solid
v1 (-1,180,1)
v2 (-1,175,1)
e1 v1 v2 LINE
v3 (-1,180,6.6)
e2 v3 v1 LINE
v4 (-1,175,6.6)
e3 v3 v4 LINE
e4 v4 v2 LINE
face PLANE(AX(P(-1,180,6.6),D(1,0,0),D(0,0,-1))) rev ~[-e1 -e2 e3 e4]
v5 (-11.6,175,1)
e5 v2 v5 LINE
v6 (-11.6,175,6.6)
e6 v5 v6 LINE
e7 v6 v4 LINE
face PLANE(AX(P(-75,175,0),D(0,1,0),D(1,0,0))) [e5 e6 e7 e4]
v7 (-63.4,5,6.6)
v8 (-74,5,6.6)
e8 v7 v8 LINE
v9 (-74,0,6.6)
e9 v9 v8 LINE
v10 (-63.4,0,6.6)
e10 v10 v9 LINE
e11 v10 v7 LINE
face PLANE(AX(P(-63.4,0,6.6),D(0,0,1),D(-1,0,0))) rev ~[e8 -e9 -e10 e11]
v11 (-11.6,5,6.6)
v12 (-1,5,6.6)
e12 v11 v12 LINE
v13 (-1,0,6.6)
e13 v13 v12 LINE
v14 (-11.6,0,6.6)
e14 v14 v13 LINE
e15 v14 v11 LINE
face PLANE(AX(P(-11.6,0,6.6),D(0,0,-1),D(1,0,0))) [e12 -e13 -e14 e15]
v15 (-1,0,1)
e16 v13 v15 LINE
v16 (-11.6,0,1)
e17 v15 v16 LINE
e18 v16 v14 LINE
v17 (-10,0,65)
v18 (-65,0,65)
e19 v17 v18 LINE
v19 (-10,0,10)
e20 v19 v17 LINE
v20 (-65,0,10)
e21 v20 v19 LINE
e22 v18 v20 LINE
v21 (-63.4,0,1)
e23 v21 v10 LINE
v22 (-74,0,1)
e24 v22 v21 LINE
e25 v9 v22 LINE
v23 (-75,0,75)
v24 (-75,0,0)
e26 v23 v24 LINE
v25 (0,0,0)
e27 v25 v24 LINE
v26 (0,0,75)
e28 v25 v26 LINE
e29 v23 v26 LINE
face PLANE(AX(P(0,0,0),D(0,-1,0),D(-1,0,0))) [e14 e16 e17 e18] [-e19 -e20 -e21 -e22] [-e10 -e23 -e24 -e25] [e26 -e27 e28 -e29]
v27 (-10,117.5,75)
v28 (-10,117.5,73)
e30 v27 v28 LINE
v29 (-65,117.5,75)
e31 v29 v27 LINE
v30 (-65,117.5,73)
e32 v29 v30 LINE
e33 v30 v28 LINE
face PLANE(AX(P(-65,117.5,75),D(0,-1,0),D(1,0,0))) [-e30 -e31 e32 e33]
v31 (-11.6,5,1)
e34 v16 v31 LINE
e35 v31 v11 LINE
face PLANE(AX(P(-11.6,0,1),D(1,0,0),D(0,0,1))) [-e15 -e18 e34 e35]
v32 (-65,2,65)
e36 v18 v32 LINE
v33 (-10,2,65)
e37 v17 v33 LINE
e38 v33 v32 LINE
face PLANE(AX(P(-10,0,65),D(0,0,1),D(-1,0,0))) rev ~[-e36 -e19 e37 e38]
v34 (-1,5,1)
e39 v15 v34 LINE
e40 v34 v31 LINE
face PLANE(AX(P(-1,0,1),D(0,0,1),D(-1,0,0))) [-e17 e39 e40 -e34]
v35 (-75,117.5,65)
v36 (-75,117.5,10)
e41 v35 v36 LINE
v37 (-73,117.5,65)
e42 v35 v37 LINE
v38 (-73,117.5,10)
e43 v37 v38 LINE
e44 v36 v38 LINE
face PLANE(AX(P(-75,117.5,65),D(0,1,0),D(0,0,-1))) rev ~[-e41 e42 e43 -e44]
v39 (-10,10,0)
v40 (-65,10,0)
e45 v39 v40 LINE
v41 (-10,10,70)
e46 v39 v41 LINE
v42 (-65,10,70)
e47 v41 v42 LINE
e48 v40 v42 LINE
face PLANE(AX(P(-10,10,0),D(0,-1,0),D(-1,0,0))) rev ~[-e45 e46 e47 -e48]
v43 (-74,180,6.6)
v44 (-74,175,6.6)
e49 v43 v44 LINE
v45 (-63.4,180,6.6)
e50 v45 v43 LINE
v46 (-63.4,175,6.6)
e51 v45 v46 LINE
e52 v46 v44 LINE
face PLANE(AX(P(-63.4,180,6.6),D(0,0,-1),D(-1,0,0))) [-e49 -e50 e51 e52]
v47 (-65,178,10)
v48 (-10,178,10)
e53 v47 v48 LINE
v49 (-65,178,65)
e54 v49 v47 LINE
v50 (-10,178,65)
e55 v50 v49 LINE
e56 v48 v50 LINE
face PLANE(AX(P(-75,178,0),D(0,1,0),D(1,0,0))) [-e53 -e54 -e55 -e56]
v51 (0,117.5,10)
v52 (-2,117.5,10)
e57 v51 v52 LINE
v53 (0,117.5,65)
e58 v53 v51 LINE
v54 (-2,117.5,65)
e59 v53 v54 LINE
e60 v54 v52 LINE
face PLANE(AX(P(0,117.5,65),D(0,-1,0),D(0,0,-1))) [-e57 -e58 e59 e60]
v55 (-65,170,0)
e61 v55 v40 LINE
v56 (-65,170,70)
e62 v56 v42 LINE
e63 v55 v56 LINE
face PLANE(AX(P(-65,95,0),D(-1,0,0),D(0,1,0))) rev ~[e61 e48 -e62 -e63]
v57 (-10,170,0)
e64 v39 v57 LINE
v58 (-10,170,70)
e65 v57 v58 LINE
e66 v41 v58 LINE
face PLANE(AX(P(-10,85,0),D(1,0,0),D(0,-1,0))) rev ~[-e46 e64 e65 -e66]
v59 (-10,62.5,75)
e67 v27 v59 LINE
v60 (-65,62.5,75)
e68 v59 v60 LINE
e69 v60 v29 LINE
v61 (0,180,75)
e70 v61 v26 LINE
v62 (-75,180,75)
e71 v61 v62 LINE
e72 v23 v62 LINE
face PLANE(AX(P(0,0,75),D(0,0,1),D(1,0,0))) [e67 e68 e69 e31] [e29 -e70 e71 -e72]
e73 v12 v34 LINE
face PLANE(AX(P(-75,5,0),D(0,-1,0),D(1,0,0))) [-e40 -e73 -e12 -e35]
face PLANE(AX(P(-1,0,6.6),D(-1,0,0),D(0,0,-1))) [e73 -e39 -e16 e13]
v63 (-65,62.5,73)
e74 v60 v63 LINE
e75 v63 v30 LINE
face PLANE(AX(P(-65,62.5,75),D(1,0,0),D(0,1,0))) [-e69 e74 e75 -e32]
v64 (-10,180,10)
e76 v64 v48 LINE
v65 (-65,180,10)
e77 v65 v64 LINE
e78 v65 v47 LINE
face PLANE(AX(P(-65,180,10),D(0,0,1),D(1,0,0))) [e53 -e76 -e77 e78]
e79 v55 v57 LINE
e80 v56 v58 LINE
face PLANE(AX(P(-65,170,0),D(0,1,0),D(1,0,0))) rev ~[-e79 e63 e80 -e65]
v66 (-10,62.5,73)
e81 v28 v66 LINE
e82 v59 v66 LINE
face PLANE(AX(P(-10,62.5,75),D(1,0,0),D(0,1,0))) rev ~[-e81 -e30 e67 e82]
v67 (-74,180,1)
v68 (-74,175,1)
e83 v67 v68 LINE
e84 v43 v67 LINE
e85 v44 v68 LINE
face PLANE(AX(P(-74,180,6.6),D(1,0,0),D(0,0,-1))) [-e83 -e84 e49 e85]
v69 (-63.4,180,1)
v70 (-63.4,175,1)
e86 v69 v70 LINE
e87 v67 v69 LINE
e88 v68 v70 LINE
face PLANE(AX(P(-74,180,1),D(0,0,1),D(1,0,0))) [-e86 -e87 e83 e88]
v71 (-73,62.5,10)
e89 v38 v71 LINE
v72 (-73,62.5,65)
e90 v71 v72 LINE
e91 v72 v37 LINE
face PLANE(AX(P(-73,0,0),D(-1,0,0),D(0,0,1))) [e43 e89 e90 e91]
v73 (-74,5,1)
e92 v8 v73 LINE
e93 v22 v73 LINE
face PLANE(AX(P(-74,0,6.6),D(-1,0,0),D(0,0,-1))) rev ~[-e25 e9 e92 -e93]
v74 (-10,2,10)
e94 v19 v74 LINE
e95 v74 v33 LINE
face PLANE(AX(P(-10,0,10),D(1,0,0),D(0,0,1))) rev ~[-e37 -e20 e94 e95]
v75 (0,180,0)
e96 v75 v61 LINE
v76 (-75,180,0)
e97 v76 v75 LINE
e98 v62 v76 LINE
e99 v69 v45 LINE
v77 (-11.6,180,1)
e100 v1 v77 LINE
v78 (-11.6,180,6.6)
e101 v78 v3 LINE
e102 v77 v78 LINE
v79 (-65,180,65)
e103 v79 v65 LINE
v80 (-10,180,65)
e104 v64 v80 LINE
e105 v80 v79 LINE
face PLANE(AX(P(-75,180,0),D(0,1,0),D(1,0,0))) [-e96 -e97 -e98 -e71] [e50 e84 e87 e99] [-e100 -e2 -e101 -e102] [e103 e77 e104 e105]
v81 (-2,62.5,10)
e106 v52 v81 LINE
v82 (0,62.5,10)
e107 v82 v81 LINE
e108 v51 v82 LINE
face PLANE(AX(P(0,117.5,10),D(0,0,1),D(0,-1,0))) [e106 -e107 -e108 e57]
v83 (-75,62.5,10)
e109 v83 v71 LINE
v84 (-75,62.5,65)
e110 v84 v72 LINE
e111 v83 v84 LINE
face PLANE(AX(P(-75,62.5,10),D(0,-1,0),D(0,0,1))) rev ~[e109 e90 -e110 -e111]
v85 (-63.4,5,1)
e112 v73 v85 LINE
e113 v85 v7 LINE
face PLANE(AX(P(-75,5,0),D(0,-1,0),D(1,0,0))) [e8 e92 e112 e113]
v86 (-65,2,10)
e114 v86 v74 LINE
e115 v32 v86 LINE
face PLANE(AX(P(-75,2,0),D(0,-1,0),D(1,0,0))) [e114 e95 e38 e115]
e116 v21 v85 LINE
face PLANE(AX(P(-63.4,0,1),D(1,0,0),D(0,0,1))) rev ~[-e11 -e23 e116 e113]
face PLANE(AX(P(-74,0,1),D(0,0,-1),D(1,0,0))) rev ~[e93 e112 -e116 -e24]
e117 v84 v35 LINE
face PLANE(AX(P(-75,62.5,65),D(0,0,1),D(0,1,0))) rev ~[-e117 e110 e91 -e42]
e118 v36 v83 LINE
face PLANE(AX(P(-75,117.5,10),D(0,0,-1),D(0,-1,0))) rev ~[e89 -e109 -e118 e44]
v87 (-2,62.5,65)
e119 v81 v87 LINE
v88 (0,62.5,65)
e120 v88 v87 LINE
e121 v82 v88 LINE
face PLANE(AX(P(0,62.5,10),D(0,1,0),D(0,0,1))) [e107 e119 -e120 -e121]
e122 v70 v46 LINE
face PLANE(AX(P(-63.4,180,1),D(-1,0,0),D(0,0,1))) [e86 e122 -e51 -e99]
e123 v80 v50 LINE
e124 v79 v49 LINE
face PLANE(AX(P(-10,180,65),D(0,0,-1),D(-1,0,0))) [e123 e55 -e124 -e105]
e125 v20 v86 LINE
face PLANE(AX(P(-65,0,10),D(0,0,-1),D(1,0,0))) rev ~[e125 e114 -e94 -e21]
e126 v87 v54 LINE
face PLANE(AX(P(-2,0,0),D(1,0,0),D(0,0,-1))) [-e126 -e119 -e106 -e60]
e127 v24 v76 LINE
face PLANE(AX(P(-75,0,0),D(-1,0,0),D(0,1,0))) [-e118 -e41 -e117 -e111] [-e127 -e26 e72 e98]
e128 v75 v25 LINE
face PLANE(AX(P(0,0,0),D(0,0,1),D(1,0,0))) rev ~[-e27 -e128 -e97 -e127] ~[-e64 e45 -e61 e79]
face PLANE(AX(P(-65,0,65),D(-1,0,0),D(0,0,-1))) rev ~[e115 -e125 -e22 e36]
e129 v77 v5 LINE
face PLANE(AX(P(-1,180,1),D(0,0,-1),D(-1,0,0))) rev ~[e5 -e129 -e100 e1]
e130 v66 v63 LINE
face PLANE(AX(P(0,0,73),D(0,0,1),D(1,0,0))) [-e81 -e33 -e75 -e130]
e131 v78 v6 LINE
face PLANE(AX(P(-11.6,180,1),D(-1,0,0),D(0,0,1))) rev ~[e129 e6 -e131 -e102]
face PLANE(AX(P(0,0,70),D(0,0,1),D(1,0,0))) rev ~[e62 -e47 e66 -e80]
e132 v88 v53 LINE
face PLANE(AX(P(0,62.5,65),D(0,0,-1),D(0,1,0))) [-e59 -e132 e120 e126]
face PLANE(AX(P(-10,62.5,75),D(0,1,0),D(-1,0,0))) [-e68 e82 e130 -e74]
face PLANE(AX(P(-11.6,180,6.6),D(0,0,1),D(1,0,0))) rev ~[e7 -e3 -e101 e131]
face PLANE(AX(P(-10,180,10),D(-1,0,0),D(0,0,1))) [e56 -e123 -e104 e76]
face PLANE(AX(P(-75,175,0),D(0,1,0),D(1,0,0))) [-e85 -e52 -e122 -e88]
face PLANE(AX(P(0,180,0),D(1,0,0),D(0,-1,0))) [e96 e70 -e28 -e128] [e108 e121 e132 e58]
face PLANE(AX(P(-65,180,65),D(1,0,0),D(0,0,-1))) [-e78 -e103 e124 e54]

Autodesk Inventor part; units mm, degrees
ref_plane "YZ Plane" through (0, 0, 0) normal (1, 0, 0) x (0, 1, 0)
ref_plane "XZ Plane" through (0, 0, 0) normal (0, 1, 0) x (-1, 0, 0)
ref_plane "XY Plane" through (0, 0, 0) normal (0, 0, 1) x (1, 0, 0)
sketch "Sketch1" plane through (0, 0, 0) normal (0, 0, 1) x (1, 0, 0)
  line L0 (0, 0) -> (-75, 0)
  line L1 (-75, 0) -> (-75, 180)
  line L2 (-75, 180) -> (0, 180)
  line L3 (0, 180) -> (0, 0)
  line L4 (-65, 170) -> (-10, 170)
  line L5 (-10, 10) -> (-65, 10)
  line L6 (-65, 10) -> (-65, 85)
  line L7 (-65, 95) -> (-65, 170)
  line L8 (-10, 170) -> (-10, 95)
  line L9 (-10, 85) -> (-10, 10)
  line L10 (-65, 85) -> (-65, 95)
  line L11 (-10, 95) -> (-10, 85)
  point P0 (-65, 90)
  point P1 (-10, 90)
  dimension "d35" = 75
  dimension "d36" = 180
  dimension "d37" = 55
  dimension "d38" = 160
extrude "Extrusion7" add sketch "Sketch1" along normal blind 70
sketch "Sketch4" plane through (0, 0, 70) normal (0, 0, 1) x (1, 0, 0)
  line L0 (-75, 0) -> (0, 0) projected
  line L1 (0, 180) -> (-75, 180) projected
  line L2 (0, 0) -> (-75, 0)
  line L3 (-75, 0) -> (-75, 180)
  line L4 (-75, 180) -> (0, 180)
  line L5 (0, 180) -> (0, 0)
extrude "Extrusion8" add sketch "Sketch4" along normal blind 5
sketch "Sketch5" plane through (0, 0, 75) normal (0, 0, 1) x (1, 0, 0)
  line L0 (-65, 85) -> (-65, 95)
  line L1 (-10, 95) -> (-10, 85)
  line L2 (-10, 62.5) -> (-10, 90)
  line L3 (-10, 62.5) -> (-65, 62.5)
  line L4 (-65, 62.5) -> (-65, 117.5)
  line L5 (-65, 117.5) -> (-10, 117.5)
  line L6 (-10, 117.5) -> (-10, 62.5)
  point P0 (-65, 90)
  dimension "d59" = 55
  dimension "d60" = 55
extrude "Extrusion9" cut sketch "Sketch5" against normal blind 2
sketch "Sketch6" plane through (0, 0, 0) normal (1, 0, 0) x (0, 0, -1)
  line L0 (-10, 62.5) -> (-65, 62.5)
  line L1 (-65, 62.5) -> (-65, 117.5)
  line L2 (-65, 117.5) -> (-10, 117.5)
  line L3 (-10, 117.5) -> (-10, 62.5)
  dimension "d67" = 55
  dimension "d68" = 55
extrude "Extrusion10" cut sketch "Sketch6" against normal blind 2
sketch "Sketch7" plane through (-75, 0, 0) normal (-1, 0, 0) x (0, 0, 1)
  line L0 (10, 62.5) -> (65, 62.5) projected
  line L1 (10, 62.5) -> (65, 62.5)
  line L2 (65, 62.5) -> (65, 117.5)
  line L3 (65, 117.5) -> (10, 117.5)
  line L4 (10, 117.5) -> (10, 62.5)
  point P0 (0, 0)
  dimension "d71" = 55
  dimension "d72" = 55
extrude "Extrusion11" cut sketch "Sketch7" against normal blind 2
sketch "Sketch8" plane through (-75, 0, 0) normal (0, -1, 0) x (1, 0, 0)
  line L0 (10, 10) -> (65, 10)
  line L1 (65, 10) -> (65, 65)
  line L2 (65, 65) -> (10, 65)
  line L3 (10, 65) -> (10, 10)
  point P0 (75, 0)
  dimension "d75" = 55
  dimension "d76" = 55
extrude "Extrusion12" cut sketch "Sketch8" against normal blind 2
sketch "Sketch9" plane through (-75, 180, 0) normal (0, 1, 0) x (1, 0, 0)
  line L0 (10, -10) -> (65, -10)
  line L1 (65, -10) -> (65, -65)
  line L2 (65, -65) -> (10, -65)
  line L3 (10, -65) -> (10, -10)
  point P0 (75, 0)
  dimension "d79" = 55
  dimension "d80" = 55
extrude "Extrusion13" cut sketch "Sketch9" against normal blind 2
sketch "Sketch10" plane through (-75, 0, 0) normal (0, -1, 0) x (1, 0, 0)
  line L0 (74, 1) -> (63.4, 1)
  line L1 (63.4, 1) -> (63.4, 6.6)
  line L2 (63.4, 6.6) -> (74, 6.6)
  line L3 (74, 6.6) -> (74, 1)
  line L4 (1, 1) -> (11.6, 1)
  line L5 (11.6, 1) -> (11.6, 6.6)
  line L6 (11.6, 6.6) -> (1, 6.6)
  line L7 (1, 6.6) -> (1, 1)
  point P0 (75, 0)
  dimension "d83" = 10.6
  dimension "d84" = 5.6
  dimension "d85" = 10.6
  dimension "d86" = 5.6
extrude "Extrusion14" cut sketch "Sketch10" against normal blind 5
sketch "Sketch11" plane through (-75, 180, 0) normal (0, 1, 0) x (1, 0, 0)
  line L0 (1, -1) -> (11.6, -1)
  line L1 (11.6, -1) -> (11.6, -6.6)
  line L2 (11.6, -6.6) -> (1, -6.6)
  line L3 (1, -6.6) -> (1, -1)
  line L4 (74, -1) -> (63.4, -1)
  line L5 (63.4, -1) -> (63.4, -6.6)
  line L6 (63.4, -6.6) -> (74, -6.6)
  line L7 (74, -6.6) -> (74, -1)
  point P0 (75, 0)
  dimension "d89" = 10.6
  dimension "d90" = 5.6
  dimension "d91" = 10.6
  dimension "d92" = 5.6
extrude "Extrusion15" cut sketch "Sketch11" against normal blind 5
properties part number "Shoulder_Cube_TestFit_V1"
